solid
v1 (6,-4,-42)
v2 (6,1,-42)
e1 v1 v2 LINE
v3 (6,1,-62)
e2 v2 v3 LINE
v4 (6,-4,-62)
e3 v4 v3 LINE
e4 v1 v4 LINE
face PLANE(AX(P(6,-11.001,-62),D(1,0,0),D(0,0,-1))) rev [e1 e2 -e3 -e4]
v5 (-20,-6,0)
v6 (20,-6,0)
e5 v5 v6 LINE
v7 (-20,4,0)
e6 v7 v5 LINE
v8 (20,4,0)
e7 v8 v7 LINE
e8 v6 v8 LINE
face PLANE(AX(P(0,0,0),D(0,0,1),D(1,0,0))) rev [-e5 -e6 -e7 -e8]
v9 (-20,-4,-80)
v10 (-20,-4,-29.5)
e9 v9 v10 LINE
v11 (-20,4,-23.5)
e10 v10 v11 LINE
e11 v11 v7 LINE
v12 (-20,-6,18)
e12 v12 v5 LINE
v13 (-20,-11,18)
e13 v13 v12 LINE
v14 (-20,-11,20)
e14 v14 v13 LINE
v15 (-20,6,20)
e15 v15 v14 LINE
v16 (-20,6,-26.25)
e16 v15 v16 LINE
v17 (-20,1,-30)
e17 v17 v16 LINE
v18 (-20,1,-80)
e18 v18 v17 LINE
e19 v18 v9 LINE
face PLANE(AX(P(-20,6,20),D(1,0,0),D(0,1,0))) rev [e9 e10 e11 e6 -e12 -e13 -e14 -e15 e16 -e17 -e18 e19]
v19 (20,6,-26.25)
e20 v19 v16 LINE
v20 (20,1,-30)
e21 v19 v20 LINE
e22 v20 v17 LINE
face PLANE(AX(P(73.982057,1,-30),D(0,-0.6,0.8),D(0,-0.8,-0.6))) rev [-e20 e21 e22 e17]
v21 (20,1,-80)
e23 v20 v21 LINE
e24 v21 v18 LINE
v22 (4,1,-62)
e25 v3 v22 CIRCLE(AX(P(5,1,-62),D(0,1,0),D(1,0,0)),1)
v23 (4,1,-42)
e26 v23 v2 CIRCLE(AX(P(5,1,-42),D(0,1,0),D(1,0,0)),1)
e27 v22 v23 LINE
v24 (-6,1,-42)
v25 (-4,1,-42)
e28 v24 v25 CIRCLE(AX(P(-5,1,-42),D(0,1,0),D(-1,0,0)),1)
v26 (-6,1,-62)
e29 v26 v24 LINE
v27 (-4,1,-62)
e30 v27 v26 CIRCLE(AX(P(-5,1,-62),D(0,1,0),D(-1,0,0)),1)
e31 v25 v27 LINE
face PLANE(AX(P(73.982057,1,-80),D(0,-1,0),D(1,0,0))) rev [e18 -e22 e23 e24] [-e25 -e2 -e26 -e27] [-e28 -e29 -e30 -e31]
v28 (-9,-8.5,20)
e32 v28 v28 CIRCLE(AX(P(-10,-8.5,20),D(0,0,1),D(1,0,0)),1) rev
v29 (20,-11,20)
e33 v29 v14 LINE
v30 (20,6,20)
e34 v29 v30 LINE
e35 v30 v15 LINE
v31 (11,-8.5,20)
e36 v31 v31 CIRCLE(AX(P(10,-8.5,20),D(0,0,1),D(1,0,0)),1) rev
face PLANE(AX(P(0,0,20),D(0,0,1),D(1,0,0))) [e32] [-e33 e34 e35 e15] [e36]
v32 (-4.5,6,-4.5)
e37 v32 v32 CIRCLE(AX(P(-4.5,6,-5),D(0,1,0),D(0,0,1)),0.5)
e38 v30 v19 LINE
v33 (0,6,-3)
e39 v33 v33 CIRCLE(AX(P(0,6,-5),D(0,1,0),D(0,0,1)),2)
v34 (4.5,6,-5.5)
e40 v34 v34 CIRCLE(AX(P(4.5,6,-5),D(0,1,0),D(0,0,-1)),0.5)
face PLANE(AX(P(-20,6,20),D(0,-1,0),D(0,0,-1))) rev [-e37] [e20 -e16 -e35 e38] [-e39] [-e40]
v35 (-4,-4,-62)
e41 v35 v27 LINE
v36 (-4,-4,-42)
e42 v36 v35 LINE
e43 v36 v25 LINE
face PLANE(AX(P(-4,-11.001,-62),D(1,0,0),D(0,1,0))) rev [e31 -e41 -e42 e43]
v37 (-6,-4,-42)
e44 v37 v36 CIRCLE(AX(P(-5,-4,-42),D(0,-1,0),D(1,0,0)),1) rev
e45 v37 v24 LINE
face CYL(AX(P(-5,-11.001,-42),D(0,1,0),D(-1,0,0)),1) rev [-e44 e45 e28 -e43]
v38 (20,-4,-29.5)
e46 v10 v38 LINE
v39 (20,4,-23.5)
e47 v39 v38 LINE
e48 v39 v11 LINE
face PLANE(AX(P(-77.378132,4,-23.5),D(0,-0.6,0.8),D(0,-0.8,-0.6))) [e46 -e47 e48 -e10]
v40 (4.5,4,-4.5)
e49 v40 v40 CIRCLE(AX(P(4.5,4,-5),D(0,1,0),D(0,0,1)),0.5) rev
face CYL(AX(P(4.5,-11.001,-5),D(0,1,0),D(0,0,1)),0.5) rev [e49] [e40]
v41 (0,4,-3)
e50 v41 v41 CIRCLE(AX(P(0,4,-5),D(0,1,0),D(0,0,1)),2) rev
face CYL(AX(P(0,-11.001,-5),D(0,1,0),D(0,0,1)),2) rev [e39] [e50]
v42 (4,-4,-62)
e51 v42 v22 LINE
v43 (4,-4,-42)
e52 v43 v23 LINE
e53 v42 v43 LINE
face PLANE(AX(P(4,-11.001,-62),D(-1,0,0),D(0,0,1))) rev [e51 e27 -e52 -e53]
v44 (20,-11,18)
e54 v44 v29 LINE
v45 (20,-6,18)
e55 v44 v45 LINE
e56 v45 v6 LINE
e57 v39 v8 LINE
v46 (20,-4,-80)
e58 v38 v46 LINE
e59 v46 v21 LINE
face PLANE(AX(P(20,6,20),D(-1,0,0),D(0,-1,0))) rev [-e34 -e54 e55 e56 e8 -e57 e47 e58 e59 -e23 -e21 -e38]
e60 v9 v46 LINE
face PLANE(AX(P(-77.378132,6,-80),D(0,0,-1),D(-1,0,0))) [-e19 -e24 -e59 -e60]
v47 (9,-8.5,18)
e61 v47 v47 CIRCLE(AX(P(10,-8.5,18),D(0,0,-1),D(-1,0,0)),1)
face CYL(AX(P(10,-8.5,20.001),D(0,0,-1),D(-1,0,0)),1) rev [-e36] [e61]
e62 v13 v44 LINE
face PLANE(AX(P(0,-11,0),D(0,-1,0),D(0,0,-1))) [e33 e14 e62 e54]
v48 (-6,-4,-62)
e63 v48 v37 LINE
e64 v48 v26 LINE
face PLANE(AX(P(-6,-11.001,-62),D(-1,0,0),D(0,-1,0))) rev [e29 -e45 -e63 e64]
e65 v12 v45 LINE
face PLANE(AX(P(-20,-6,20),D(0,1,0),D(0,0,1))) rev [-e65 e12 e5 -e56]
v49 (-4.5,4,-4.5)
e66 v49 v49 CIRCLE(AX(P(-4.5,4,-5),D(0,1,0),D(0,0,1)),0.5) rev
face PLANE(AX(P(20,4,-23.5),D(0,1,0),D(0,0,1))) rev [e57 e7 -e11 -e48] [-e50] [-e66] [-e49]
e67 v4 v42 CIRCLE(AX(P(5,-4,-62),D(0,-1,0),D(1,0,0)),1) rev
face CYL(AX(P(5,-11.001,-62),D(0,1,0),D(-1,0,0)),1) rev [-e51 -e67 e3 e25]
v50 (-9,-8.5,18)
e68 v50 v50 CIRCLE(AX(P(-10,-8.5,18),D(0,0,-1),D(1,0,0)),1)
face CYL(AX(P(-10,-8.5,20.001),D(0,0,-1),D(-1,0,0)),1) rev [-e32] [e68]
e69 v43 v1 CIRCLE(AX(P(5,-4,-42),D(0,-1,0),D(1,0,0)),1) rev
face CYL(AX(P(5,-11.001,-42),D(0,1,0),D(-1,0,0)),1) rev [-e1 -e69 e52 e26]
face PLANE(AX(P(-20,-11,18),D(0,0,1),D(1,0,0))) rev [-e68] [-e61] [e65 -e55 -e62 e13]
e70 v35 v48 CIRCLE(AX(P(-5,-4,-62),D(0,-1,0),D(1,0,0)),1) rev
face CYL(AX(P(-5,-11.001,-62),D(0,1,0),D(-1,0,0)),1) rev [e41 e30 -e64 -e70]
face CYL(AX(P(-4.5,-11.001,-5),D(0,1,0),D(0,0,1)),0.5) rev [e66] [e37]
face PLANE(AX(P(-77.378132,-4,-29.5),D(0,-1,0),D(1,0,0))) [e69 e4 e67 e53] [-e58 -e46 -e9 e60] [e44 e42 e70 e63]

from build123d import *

# Parameters (mm, degrees)
SKETCH_1_W          = 40
SKETCH_1_H          = 12
EXTRUDE_1_DEPTH     = 20
SKETCH_2_W          = 40
SKETCH_2_H          = 2
EXTRUDE_2_DEPTH     = 23.5
SKETCH_3_W          = 40
SKETCH_3_H          = 2
EXTRUDE_3_DEPTH     = 5
CUT_EXTRUDE_1_REACH = 19
SKETCH_4_R          = 0.5
SKETCH_4_R_2        = 2
CUT_EXTRUDE_2_REACH = 4
SKETCH_5_R          = 1
EXTRUDE_4_DEPTH     = 40
CUT_EXTRUDE_3_DEPTH = 40
CUT_EXTRUDE_5_REACH = 14


with BuildPart() as part:
    # 草图1 → 凸台-拉伸1 (new body)
    with BuildSketch(Plane.XY):
        Rectangle(SKETCH_1_W, SKETCH_1_H)
    extrude(amount=EXTRUDE_1_DEPTH)

    # 草图2 → 凸台-拉伸2 (add)
    with BuildSketch(Plane(origin=(0, 0, 0), x_dir=(-1, 0, 0), z_dir=(0, 0, -1))):
        with Locations((0, 5)):
            Rectangle(SKETCH_2_W, SKETCH_2_H)
    extrude(amount=EXTRUDE_2_DEPTH)

    # 草图3 → 凸台-拉伸3 (add)
    with BuildSketch(Plane.XZ.offset(6)):
        with Locations((0, 19)):
            Rectangle(SKETCH_3_W, SKETCH_3_H)
    extrude(amount=EXTRUDE_3_DEPTH)

    # 草图4 → 切除-拉伸1 (cut, up to next)
    with BuildSketch(Plane(origin=(0, 6, 0), x_dir=(1, 0, 0), z_dir=(0, 1, 0)), mode=Mode.PRIVATE) as cut_extrude_1_sk1:
        with Locations((-4.5, 5)):
            Circle(SKETCH_4_R)
    cut_extrude_1_tool1 = extrude(cut_extrude_1_sk1.sketch, amount=-CUT_EXTRUDE_1_REACH, mode=Mode.PRIVATE) & part.part
    add(cut_extrude_1_tool1.solids().sort_by_distance((-4.5, 6, -5))[0], mode=Mode.SUBTRACT)
    # 草图4 → 切除-拉伸1 (cut, up to next)
    with BuildSketch(Plane(origin=(0, 6, 0), x_dir=(1, 0, 0), z_dir=(0, 1, 0)), mode=Mode.PRIVATE) as cut_extrude_1_sk2:
        with Locations((4.5, 5)):
            Circle(SKETCH_4_R)
    cut_extrude_1_tool2 = extrude(cut_extrude_1_sk2.sketch, amount=-CUT_EXTRUDE_1_REACH, mode=Mode.PRIVATE) & part.part
    add(cut_extrude_1_tool2.solids().sort_by_distance((4.5, 6, -5))[0], mode=Mode.SUBTRACT)
    # 草图4 → 切除-拉伸1 (cut, up to next)
    with BuildSketch(Plane(origin=(0, 6, 0), x_dir=(1, 0, 0), z_dir=(0, 1, 0)), mode=Mode.PRIVATE) as cut_extrude_1_sk3:
        with Locations((0, 5)):
            Circle(SKETCH_4_R_2)
    cut_extrude_1_tool3 = extrude(cut_extrude_1_sk3.sketch, amount=-CUT_EXTRUDE_1_REACH, mode=Mode.PRIVATE) & part.part
    add(cut_extrude_1_tool3.solids().sort_by_distance((0, 6, -5))[0], mode=Mode.SUBTRACT)

    # 草图5 → 切除-拉伸2 (cut, up to next)
    with BuildSketch(Plane(origin=(0, 0, 18), x_dir=(-1, 0, 0), z_dir=(0, 0, -1)), mode=Mode.PRIVATE) as cut_extrude_2_sk1:
        with Locations((-10, -8.5)):
            Circle(SKETCH_5_R)
    cut_extrude_2_tool1 = extrude(cut_extrude_2_sk1.sketch, amount=-CUT_EXTRUDE_2_REACH, mode=Mode.PRIVATE) & part.part
    add(cut_extrude_2_tool1.solids().sort_by_distance((10, -8.5, 18))[0], mode=Mode.SUBTRACT)
    # 草图5 → 切除-拉伸2 (cut, up to next)
    with BuildSketch(Plane(origin=(0, 0, 18), x_dir=(-1, 0, 0), z_dir=(0, 0, -1)), mode=Mode.PRIVATE) as cut_extrude_2_sk2:
        with Locations((10, -8.5)):
            Circle(SKETCH_5_R)
    cut_extrude_2_tool2 = extrude(cut_extrude_2_sk2.sketch, amount=-CUT_EXTRUDE_2_REACH, mode=Mode.PRIVATE) & part.part
    add(cut_extrude_2_tool2.solids().sort_by_distance((-10, -8.5, 18))[0], mode=Mode.SUBTRACT)

    # 草图6 → 凸台-拉伸4 (add)
    with BuildSketch(Plane(origin=(20, 0, 0), x_dir=(0, 0, -1), z_dir=(1, 0, 0))):
        Polygon((23.5, 4), (29.5, -4), (80, -4), (80, 6), (23.5, 6), align=None)
    extrude(amount=-EXTRUDE_4_DEPTH)

    # 草图7 → 切除-拉伸3 (cut)
    with BuildSketch(Plane.ZY.offset(20)):
        Polygon((-30, 1), (-26.25, 6), (-80, 6), (-80, 1), align=None)
    extrude(amount=-CUT_EXTRUDE_3_DEPTH, mode=Mode.SUBTRACT)

    # 草图9 → 切除-拉伸5 (cut, up to next)
    with BuildSketch(Plane(origin=(0, 1, 0), x_dir=(1, 0, 0), z_dir=(0, 1, 0)), mode=Mode.PRIVATE) as cut_extrude_5_sk1:
        with BuildLine():
            Line((-4, 62), (-4, 42))
            ThreePointArc((-4, 42), (-5, 41), (-6, 42))
            Line((-6, 42), (-6, 62))
            ThreePointArc((-6, 62), (-5, 63), (-4, 62))
        make_face()
    cut_extrude_5_tool1 = extrude(cut_extrude_5_sk1.sketch, amount=-CUT_EXTRUDE_5_REACH, mode=Mode.PRIVATE) & part.part
    add(cut_extrude_5_tool1.solids().sort_by_distance((-5, 1, -52))[0], mode=Mode.SUBTRACT)
    # 草图9 → 切除-拉伸5 (cut, up to next)
    with BuildSketch(Plane(origin=(0, 1, 0), x_dir=(1, 0, 0), z_dir=(0, 1, 0)), mode=Mode.PRIVATE) as cut_extrude_5_sk2:
        with BuildLine():
            Line((4, 62), (4, 42))
            ThreePointArc((4, 42), (5, 41), (6, 42))
            Line((6, 42), (6, 62))
            ThreePointArc((6, 62), (5, 63), (4, 62))
        make_face()
    cut_extrude_5_tool2 = extrude(cut_extrude_5_sk2.sketch, amount=-CUT_EXTRUDE_5_REACH, mode=Mode.PRIVATE) & part.part
    add(cut_extrude_5_tool2.solids().sort_by_distance((5, 1, -52))[0], mode=Mode.SUBTRACT)


solid = part.part
